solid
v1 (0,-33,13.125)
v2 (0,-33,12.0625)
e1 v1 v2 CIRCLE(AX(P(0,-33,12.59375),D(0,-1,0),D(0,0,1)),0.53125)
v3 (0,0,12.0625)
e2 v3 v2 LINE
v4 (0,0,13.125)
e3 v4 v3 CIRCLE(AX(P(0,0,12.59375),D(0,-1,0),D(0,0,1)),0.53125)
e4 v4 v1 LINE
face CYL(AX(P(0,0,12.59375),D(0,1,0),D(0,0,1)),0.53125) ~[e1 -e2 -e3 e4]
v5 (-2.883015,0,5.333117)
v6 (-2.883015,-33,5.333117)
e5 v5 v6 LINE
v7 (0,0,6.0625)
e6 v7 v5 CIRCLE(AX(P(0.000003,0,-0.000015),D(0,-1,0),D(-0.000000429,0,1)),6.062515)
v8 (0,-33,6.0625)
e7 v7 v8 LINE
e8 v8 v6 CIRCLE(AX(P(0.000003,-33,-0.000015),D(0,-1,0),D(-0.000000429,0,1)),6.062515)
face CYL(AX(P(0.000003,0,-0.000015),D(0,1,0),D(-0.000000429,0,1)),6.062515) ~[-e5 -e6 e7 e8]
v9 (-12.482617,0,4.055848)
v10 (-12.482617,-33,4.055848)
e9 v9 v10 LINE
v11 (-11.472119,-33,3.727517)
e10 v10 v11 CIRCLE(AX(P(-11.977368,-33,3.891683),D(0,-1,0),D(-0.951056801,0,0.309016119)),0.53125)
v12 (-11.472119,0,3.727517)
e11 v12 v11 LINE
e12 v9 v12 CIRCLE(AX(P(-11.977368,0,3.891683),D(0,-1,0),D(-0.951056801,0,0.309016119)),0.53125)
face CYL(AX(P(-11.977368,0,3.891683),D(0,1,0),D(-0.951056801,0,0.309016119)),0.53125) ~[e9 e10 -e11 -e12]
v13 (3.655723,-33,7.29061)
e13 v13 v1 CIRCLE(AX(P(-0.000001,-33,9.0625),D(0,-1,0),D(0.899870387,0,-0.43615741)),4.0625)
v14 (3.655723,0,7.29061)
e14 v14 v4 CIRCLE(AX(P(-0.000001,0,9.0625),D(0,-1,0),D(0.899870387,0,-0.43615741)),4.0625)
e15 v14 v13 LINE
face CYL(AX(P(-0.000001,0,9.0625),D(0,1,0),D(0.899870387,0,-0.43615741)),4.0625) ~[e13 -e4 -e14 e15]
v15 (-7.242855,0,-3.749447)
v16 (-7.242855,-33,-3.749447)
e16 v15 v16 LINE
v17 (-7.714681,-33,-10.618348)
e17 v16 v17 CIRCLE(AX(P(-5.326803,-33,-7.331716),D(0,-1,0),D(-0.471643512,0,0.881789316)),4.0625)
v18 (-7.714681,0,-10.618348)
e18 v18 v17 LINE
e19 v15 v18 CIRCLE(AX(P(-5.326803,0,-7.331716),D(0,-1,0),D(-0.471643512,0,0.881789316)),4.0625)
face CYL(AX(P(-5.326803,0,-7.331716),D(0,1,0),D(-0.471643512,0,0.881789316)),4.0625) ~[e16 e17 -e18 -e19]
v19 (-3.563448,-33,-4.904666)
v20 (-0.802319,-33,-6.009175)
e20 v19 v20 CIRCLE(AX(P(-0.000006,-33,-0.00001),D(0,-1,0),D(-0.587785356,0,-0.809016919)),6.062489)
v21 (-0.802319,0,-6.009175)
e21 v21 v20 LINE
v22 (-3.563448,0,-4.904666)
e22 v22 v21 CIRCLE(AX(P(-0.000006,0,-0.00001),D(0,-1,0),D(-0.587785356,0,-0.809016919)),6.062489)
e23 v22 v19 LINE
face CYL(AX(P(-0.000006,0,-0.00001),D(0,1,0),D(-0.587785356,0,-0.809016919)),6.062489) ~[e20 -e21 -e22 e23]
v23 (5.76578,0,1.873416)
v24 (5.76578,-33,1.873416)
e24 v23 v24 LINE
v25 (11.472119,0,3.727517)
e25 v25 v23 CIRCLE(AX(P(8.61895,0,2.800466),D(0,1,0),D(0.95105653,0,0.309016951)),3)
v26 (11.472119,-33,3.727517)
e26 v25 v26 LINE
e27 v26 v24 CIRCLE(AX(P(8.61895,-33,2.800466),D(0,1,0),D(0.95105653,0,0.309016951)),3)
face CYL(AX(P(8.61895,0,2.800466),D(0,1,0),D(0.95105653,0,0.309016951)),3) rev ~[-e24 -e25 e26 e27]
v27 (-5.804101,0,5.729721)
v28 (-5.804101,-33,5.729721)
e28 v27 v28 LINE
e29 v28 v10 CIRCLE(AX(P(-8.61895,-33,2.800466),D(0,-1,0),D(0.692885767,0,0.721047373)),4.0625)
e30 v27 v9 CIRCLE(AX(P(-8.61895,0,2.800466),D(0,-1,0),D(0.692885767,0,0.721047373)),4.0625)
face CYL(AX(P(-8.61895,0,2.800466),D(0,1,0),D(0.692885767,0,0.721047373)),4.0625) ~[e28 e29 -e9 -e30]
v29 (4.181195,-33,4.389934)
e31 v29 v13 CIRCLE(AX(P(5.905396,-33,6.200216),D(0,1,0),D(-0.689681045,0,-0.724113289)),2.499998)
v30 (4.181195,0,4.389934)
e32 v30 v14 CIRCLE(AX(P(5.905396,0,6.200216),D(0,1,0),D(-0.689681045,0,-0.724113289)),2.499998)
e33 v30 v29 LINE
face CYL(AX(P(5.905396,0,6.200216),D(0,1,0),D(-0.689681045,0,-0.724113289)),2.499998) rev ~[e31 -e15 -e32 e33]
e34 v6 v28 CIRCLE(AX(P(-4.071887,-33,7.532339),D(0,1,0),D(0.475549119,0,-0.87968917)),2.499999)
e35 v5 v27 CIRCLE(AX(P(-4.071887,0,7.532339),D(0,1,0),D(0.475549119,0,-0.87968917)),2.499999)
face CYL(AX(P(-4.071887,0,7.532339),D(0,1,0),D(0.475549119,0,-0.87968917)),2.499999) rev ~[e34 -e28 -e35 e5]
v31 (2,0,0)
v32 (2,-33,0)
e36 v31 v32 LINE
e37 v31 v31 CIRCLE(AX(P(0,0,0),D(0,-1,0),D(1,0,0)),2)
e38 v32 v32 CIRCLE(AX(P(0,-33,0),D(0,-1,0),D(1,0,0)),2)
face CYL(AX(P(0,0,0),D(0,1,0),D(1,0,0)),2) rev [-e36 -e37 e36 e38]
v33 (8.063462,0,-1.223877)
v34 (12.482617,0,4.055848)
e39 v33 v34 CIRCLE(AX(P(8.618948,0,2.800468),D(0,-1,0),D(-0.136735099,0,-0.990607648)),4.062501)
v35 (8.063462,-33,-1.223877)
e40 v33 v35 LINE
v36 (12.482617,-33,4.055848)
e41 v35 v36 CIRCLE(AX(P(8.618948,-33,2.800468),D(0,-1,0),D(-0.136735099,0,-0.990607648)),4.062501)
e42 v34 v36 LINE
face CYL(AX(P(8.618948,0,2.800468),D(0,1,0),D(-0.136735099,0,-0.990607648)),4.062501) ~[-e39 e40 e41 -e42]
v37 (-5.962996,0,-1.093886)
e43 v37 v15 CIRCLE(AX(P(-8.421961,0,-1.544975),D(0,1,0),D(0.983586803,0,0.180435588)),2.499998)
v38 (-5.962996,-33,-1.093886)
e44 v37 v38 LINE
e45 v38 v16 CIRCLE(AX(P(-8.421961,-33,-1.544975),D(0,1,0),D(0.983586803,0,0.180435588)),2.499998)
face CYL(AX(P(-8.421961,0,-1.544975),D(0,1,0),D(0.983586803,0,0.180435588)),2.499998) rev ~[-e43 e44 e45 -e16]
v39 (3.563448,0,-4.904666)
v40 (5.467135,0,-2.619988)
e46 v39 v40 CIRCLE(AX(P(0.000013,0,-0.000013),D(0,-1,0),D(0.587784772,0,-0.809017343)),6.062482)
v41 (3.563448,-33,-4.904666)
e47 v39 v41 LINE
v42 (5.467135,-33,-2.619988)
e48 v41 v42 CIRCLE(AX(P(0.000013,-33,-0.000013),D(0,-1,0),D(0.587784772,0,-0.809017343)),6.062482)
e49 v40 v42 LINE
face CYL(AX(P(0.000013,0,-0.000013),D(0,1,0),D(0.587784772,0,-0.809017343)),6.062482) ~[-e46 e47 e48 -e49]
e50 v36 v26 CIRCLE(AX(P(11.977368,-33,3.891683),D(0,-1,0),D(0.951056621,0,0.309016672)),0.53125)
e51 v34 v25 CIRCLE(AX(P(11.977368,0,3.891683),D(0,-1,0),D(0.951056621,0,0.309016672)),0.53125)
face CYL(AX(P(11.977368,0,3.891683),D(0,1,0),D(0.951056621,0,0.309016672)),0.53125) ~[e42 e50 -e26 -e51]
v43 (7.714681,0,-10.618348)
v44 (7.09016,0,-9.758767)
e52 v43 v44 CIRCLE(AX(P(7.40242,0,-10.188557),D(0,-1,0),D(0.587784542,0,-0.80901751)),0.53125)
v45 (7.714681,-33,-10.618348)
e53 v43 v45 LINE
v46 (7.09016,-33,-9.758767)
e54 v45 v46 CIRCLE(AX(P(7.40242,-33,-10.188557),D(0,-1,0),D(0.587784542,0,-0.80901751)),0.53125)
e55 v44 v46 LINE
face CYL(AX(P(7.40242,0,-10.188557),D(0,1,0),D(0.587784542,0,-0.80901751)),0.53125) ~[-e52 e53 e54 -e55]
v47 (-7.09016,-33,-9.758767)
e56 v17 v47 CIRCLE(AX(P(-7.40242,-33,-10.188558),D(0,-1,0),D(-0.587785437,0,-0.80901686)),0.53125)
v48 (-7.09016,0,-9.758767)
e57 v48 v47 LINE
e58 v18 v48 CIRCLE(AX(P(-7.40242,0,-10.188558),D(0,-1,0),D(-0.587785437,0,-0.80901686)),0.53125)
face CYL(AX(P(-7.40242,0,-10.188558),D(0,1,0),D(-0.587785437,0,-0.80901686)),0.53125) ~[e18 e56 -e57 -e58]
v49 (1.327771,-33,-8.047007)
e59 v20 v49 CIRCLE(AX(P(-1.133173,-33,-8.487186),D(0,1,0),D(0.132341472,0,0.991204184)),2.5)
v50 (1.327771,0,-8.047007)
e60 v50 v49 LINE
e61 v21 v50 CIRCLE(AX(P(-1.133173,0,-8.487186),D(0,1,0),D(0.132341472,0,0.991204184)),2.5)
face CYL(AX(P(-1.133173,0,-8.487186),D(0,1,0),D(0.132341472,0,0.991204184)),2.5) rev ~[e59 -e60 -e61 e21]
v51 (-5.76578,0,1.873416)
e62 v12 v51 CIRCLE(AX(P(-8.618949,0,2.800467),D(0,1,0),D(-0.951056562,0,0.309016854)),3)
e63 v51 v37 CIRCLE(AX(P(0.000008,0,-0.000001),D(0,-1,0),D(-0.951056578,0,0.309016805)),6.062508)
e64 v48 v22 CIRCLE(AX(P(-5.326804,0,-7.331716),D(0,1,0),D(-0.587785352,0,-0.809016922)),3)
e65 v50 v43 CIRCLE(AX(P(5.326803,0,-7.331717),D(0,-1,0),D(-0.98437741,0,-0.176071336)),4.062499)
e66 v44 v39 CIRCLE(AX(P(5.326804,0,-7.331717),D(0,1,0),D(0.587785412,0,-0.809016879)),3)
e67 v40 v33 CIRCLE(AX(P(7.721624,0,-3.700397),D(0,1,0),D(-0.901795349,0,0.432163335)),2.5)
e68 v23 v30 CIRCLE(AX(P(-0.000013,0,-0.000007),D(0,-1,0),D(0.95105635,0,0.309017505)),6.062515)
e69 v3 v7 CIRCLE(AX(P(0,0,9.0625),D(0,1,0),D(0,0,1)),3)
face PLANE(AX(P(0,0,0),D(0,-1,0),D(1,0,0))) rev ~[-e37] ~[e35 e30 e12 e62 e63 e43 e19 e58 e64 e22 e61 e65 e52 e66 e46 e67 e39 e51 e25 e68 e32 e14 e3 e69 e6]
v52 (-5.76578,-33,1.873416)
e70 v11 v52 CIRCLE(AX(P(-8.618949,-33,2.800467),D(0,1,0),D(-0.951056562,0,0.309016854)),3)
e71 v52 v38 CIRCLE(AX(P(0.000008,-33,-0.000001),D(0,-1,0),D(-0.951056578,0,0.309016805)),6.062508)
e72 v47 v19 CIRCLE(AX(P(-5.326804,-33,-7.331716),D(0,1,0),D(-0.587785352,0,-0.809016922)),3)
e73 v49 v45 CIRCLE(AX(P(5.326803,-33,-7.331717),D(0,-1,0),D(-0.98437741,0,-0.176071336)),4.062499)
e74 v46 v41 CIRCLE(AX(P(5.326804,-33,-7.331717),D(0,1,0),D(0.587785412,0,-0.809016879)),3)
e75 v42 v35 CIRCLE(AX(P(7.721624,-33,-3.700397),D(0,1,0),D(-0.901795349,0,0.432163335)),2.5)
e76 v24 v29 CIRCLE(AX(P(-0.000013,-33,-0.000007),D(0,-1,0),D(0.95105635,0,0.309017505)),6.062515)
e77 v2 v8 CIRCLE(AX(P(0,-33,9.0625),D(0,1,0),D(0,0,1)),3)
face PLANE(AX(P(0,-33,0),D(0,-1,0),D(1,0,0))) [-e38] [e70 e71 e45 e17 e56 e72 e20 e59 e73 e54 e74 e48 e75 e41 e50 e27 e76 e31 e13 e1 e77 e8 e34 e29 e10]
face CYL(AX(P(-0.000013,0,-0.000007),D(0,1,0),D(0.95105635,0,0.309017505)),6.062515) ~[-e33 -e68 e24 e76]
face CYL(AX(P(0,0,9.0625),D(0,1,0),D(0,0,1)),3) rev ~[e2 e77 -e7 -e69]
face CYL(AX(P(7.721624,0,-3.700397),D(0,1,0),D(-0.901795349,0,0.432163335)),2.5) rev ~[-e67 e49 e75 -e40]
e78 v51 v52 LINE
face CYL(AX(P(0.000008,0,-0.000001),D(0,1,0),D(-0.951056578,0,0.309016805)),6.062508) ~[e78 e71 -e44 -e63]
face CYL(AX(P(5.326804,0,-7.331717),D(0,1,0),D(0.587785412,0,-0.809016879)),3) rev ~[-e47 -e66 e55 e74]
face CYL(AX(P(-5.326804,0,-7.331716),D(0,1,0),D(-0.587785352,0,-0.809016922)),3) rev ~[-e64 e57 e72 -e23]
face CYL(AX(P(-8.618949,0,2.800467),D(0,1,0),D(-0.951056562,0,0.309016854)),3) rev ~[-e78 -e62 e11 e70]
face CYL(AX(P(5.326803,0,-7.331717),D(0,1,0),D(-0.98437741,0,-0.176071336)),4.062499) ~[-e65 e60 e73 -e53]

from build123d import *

# Parameters (mm, degrees)
F0_R     = 2
F1_DEPTH = 33


with BuildPart() as f1:
    # F0 (on Front) → F1 (new body)
    with BuildSketch(Plane.XZ):
        with BuildLine():
            ThreePointArc((0, 12.0625), (3, 9.0625), (0, 6.0625))
            ThreePointArc((0, 6.0625), (-1.486924, 5.877326), (-2.883015, 5.333117))
            ThreePointArc((-2.883015, 5.333117), (-4.408233, 5.055069), (-5.804101, 5.729721))
            ThreePointArc((-5.804101, 5.729721), (-9.606608, 6.74108), (-12.482617, 4.055848))
            ThreePointArc((-12.482617, 4.055848), (-12.141533, 3.386434), (-11.472119, 3.727517))
            ThreePointArc((-11.472119, 3.727517), (-7.691899, 5.653636), (-5.76578, 1.873416))
            ThreePointArc((-5.76578, 1.873416), (-6.049154, 0.402045), (-5.962996, -1.093886))
            ThreePointArc((-5.962996, -1.093886), (-6.169875, -2.630377), (-7.242855, -3.749447))
            ThreePointArc((-7.242855, -3.749447), (-9.379753, -7.053318), (-7.714681, -10.618348))
            ThreePointArc((-7.714681, -10.618348), (-6.97263, -10.500819), (-7.09016, -9.758767))
            ThreePointArc((-7.09016, -9.758767), (-7.753855, -5.568361), (-3.563448, -4.904666))
            ThreePointArc((-3.563448, -4.904666), (-2.251659, -5.628849), (-0.802319, -6.009175))
            ThreePointArc((-0.802319, -6.009175), (0.595041, -6.680731), (1.327771, -8.047007))
            ThreePointArc((1.327771, -8.047007), (3.809601, -11.100271), (7.714681, -10.618348))
            ThreePointArc((7.714681, -10.618348), (7.832211, -9.876297), (7.09016, -9.758767))
            ThreePointArc((7.09016, -9.758767), (2.899753, -9.095072), (3.563448, -4.904666))
            ThreePointArc((3.563448, -4.904666), (4.657553, -3.880865), (5.467135, -2.619988))
            ThreePointArc((5.467135, -2.619988), (6.537631, -1.498542), (8.063462, -1.223877))
            ThreePointArc((8.063462, -1.223877), (11.734216, 0.192974), (12.482617, 4.055848))
            ThreePointArc((12.482617, 4.055848), (11.813203, 4.396932), (11.472119, 3.727517))
            ThreePointArc((11.472119, 3.727517), (9.546001, -0.052703), (5.76578, 1.873416))
            ThreePointArc((5.76578, 1.873416), (5.130184, 3.230343), (4.181195, 4.389934))
            ThreePointArc((4.181195, 4.389934), (3.445437, 5.754581), (3.655723, 7.29061))
            ThreePointArc((3.655723, 7.29061), (3.442543, 11.219535), (0, 13.125))
            ThreePointArc((0, 13.125), (-0.53125, 12.59375), (0, 12.0625))
        make_face()
        Circle(F0_R, mode=Mode.SUBTRACT)
    extrude(amount=F1_DEPTH)


solid = f1.part
